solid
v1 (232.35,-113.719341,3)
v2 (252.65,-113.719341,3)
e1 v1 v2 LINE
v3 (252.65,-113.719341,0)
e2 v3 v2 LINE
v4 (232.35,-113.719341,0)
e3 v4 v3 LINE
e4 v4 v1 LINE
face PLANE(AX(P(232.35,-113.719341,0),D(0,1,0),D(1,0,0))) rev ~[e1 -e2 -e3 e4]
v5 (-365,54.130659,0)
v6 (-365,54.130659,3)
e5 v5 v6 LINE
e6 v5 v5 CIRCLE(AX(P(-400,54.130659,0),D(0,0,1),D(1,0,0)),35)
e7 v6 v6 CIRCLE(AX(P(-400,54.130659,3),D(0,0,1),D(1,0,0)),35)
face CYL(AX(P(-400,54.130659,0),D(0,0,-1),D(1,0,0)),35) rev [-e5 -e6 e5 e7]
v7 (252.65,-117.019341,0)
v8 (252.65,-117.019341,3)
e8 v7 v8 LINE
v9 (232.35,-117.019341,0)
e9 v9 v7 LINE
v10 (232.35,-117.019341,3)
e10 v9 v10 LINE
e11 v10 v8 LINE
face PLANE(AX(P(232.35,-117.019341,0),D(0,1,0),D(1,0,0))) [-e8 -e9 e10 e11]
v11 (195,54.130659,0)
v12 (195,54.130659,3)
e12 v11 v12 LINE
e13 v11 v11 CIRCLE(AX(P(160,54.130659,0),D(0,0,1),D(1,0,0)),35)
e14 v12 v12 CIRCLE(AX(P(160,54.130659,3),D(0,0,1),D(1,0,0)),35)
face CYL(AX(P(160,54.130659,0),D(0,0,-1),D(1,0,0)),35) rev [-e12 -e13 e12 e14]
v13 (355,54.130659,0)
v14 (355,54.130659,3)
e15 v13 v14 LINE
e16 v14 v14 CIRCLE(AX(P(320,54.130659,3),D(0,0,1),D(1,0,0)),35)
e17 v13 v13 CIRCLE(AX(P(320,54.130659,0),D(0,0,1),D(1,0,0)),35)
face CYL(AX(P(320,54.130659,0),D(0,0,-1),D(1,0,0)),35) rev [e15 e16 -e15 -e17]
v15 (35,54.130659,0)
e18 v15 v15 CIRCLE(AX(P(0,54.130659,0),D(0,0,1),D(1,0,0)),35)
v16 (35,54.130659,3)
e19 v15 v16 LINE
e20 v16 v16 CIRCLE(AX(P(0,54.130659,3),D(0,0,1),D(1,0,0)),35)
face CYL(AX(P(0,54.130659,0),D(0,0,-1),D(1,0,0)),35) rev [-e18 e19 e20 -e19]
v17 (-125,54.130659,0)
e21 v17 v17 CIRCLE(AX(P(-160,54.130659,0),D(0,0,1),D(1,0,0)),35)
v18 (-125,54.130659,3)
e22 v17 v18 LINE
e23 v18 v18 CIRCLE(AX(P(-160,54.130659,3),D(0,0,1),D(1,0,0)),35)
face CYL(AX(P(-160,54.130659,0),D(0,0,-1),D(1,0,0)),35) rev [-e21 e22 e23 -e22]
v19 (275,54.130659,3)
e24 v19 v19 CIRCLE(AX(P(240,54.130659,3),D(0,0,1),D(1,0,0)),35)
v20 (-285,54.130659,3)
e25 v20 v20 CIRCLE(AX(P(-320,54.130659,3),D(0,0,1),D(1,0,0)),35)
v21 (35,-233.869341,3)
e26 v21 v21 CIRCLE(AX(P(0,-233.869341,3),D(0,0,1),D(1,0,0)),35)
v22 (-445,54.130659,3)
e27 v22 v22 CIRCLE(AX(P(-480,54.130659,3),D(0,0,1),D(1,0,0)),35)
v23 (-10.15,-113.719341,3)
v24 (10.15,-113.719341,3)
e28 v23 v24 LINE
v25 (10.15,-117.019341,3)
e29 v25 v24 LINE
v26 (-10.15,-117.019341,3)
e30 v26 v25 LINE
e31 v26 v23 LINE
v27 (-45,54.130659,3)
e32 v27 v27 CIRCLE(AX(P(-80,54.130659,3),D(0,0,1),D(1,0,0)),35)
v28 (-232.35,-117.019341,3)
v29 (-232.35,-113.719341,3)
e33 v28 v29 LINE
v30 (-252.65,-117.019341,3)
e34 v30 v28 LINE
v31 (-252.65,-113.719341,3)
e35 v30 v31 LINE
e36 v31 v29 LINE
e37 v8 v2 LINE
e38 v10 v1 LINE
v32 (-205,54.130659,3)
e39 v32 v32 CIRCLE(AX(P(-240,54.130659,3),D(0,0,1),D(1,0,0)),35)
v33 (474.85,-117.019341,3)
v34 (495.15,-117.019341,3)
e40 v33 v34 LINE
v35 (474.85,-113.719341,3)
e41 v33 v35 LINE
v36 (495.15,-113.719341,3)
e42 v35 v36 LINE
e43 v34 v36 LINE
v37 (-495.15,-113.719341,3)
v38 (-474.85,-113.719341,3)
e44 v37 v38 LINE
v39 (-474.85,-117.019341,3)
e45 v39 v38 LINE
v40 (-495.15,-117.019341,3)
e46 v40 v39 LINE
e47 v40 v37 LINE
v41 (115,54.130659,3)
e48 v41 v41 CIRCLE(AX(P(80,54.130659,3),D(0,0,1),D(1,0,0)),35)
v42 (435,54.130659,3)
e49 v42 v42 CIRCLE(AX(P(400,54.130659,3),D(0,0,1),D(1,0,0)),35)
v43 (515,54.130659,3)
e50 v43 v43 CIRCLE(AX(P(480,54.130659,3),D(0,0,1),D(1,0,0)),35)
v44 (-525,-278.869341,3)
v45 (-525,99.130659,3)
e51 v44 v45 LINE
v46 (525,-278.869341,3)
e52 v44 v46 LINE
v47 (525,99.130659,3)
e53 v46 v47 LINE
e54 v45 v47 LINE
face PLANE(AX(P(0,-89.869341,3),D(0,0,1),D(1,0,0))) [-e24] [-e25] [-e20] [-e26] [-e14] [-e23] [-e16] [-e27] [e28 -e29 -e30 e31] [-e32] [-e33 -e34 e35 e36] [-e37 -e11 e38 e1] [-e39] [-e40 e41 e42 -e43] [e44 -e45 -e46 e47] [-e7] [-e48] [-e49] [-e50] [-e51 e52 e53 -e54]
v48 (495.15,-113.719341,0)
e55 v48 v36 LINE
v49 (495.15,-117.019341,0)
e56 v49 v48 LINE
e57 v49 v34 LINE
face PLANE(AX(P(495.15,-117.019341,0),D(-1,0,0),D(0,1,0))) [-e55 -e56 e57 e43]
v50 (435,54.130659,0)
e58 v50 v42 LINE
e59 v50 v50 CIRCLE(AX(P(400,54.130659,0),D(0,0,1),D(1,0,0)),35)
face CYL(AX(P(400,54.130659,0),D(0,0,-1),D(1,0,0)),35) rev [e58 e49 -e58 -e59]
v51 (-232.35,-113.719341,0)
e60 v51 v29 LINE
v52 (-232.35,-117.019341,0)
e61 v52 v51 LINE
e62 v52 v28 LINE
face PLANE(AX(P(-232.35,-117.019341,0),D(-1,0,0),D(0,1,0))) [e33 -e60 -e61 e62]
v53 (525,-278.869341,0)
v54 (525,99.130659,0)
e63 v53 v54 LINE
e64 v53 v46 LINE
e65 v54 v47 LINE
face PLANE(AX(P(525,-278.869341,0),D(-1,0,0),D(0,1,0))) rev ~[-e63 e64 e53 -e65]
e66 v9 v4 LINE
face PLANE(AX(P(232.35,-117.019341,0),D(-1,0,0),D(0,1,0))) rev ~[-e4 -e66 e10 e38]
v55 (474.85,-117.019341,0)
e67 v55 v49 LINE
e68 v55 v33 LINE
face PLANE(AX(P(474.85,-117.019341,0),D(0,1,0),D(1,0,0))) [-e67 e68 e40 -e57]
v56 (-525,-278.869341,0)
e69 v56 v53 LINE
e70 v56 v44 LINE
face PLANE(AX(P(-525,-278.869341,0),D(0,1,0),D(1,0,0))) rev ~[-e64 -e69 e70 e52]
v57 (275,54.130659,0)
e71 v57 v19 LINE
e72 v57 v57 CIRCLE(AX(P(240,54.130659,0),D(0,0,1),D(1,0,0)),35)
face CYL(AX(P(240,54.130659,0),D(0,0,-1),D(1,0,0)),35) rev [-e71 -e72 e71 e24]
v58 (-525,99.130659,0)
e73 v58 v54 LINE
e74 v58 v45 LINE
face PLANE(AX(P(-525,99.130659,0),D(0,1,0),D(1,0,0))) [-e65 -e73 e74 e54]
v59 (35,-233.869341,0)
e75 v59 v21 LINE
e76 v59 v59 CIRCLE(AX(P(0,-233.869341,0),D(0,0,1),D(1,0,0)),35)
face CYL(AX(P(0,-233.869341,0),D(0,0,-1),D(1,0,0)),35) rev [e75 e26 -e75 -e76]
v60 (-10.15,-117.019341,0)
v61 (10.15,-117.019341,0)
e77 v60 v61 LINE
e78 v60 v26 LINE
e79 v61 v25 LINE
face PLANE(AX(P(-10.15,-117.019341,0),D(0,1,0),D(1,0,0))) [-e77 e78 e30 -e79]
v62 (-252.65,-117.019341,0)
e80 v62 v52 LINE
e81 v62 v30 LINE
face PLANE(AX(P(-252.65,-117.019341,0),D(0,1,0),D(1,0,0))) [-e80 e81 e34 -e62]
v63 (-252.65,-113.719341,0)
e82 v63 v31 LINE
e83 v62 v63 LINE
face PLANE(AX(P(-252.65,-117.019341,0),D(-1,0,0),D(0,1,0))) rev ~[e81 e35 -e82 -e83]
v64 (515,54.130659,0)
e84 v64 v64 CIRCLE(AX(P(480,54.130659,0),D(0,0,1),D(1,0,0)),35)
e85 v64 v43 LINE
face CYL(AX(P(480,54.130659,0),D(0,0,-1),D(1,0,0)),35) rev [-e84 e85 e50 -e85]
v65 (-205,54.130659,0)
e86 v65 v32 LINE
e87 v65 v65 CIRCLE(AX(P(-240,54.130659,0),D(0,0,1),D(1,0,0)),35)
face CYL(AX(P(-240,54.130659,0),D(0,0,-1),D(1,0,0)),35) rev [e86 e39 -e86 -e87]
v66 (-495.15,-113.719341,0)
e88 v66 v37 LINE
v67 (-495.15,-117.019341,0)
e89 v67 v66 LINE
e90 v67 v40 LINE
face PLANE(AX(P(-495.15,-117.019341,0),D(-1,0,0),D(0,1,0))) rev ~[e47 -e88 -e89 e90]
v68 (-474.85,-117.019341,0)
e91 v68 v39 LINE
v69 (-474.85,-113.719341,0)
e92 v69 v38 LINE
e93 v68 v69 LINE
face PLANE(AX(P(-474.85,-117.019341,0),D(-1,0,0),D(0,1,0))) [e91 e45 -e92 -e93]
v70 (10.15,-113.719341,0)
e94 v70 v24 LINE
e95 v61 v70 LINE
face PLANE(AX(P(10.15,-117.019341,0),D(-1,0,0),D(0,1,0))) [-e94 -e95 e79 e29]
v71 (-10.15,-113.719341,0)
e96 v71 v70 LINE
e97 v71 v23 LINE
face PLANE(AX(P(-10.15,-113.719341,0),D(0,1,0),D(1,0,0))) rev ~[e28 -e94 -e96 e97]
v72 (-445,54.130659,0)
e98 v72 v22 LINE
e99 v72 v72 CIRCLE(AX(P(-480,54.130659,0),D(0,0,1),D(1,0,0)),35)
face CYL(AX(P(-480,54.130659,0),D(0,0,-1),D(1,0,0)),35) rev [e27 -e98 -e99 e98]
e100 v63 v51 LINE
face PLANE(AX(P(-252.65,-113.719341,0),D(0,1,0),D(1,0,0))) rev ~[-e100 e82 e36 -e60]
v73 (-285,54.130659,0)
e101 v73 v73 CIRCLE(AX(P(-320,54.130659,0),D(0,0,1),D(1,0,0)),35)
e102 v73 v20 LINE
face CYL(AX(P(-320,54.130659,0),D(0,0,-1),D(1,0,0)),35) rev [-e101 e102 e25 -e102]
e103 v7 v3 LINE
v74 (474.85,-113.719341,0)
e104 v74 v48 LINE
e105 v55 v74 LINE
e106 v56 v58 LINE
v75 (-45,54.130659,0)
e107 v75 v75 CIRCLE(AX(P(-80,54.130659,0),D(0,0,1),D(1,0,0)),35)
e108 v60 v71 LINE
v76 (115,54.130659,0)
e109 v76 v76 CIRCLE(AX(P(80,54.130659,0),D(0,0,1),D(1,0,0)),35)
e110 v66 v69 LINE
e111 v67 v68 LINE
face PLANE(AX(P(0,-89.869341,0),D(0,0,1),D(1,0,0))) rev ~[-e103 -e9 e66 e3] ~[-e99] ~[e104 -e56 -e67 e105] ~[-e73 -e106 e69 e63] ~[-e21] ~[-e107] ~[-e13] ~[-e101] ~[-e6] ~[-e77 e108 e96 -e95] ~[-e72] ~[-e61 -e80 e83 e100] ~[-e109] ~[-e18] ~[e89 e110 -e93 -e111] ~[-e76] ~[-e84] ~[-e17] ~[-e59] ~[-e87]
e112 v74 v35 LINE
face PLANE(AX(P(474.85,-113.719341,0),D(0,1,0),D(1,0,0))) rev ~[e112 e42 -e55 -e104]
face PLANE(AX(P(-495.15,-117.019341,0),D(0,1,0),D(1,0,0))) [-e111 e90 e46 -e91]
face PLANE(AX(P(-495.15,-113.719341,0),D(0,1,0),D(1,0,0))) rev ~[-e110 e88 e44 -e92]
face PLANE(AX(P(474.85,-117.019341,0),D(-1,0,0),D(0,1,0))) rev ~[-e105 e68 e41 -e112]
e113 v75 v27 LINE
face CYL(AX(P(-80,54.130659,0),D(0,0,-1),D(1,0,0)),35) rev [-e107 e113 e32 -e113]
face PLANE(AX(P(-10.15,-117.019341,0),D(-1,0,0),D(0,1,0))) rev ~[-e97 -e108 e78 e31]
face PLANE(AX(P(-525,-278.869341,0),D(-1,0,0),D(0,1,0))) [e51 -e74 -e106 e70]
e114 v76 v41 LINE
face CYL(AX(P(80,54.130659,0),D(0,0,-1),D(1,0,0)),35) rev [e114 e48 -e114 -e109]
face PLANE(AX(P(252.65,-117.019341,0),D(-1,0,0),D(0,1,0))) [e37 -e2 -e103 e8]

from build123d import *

# Parameters (mm, degrees)
F0_W     = 1050
F0_H     = 378
F0_W_2   = 20.3
F0_H_2   = 3.3
F0_R     = 35
F1_DEPTH = 3


with BuildPart() as f1:
    # F0 (on Top) → F1 (new body)
    with BuildSketch(Plane.XY):
        with Locations((0, -89.869341)):
            Rectangle(F0_W, F0_H)
        with Locations((-485, -115.369341)):
            Rectangle(F0_W_2, F0_H_2, mode=Mode.SUBTRACT)
        with Locations((-242.5, -115.369341)):
            Rectangle(F0_W_2, F0_H_2, mode=Mode.SUBTRACT)
        with Locations((0, -233.869341)):
            Circle(F0_R, mode=Mode.SUBTRACT)
        with Locations((0, -115.369341)):
            Rectangle(F0_W_2, F0_H_2, mode=Mode.SUBTRACT)
        with Locations((242.5, -115.369341)):
            Rectangle(F0_W_2, F0_H_2, mode=Mode.SUBTRACT)
        with Locations((485, -115.369341)):
            Rectangle(F0_W_2, F0_H_2, mode=Mode.SUBTRACT)
        with Locations((-480, 54.130659)):
            Circle(F0_R, mode=Mode.SUBTRACT)
        with Locations((-400, 54.130659)):
            Circle(F0_R, mode=Mode.SUBTRACT)
        with Locations((-320, 54.130659)):
            Circle(F0_R, mode=Mode.SUBTRACT)
        with Locations((-240, 54.130659)):
            Circle(F0_R, mode=Mode.SUBTRACT)
        with Locations((-160, 54.130659)):
            Circle(F0_R, mode=Mode.SUBTRACT)
        with Locations((-80, 54.130659)):
            Circle(F0_R, mode=Mode.SUBTRACT)
        with Locations((0, 54.130659)):
            Circle(F0_R, mode=Mode.SUBTRACT)
        with Locations((80, 54.130659)):
            Circle(F0_R, mode=Mode.SUBTRACT)
        with Locations((160, 54.130659)):
            Circle(F0_R, mode=Mode.SUBTRACT)
        with Locations((240, 54.130659)):
            Circle(F0_R, mode=Mode.SUBTRACT)
        with Locations((320, 54.130659)):
            Circle(F0_R, mode=Mode.SUBTRACT)
        with Locations((400, 54.130659)):
            Circle(F0_R, mode=Mode.SUBTRACT)
        with Locations((480, 54.130659)):
            Circle(F0_R, mode=Mode.SUBTRACT)
    extrude(amount=F1_DEPTH)


solid = f1.part
